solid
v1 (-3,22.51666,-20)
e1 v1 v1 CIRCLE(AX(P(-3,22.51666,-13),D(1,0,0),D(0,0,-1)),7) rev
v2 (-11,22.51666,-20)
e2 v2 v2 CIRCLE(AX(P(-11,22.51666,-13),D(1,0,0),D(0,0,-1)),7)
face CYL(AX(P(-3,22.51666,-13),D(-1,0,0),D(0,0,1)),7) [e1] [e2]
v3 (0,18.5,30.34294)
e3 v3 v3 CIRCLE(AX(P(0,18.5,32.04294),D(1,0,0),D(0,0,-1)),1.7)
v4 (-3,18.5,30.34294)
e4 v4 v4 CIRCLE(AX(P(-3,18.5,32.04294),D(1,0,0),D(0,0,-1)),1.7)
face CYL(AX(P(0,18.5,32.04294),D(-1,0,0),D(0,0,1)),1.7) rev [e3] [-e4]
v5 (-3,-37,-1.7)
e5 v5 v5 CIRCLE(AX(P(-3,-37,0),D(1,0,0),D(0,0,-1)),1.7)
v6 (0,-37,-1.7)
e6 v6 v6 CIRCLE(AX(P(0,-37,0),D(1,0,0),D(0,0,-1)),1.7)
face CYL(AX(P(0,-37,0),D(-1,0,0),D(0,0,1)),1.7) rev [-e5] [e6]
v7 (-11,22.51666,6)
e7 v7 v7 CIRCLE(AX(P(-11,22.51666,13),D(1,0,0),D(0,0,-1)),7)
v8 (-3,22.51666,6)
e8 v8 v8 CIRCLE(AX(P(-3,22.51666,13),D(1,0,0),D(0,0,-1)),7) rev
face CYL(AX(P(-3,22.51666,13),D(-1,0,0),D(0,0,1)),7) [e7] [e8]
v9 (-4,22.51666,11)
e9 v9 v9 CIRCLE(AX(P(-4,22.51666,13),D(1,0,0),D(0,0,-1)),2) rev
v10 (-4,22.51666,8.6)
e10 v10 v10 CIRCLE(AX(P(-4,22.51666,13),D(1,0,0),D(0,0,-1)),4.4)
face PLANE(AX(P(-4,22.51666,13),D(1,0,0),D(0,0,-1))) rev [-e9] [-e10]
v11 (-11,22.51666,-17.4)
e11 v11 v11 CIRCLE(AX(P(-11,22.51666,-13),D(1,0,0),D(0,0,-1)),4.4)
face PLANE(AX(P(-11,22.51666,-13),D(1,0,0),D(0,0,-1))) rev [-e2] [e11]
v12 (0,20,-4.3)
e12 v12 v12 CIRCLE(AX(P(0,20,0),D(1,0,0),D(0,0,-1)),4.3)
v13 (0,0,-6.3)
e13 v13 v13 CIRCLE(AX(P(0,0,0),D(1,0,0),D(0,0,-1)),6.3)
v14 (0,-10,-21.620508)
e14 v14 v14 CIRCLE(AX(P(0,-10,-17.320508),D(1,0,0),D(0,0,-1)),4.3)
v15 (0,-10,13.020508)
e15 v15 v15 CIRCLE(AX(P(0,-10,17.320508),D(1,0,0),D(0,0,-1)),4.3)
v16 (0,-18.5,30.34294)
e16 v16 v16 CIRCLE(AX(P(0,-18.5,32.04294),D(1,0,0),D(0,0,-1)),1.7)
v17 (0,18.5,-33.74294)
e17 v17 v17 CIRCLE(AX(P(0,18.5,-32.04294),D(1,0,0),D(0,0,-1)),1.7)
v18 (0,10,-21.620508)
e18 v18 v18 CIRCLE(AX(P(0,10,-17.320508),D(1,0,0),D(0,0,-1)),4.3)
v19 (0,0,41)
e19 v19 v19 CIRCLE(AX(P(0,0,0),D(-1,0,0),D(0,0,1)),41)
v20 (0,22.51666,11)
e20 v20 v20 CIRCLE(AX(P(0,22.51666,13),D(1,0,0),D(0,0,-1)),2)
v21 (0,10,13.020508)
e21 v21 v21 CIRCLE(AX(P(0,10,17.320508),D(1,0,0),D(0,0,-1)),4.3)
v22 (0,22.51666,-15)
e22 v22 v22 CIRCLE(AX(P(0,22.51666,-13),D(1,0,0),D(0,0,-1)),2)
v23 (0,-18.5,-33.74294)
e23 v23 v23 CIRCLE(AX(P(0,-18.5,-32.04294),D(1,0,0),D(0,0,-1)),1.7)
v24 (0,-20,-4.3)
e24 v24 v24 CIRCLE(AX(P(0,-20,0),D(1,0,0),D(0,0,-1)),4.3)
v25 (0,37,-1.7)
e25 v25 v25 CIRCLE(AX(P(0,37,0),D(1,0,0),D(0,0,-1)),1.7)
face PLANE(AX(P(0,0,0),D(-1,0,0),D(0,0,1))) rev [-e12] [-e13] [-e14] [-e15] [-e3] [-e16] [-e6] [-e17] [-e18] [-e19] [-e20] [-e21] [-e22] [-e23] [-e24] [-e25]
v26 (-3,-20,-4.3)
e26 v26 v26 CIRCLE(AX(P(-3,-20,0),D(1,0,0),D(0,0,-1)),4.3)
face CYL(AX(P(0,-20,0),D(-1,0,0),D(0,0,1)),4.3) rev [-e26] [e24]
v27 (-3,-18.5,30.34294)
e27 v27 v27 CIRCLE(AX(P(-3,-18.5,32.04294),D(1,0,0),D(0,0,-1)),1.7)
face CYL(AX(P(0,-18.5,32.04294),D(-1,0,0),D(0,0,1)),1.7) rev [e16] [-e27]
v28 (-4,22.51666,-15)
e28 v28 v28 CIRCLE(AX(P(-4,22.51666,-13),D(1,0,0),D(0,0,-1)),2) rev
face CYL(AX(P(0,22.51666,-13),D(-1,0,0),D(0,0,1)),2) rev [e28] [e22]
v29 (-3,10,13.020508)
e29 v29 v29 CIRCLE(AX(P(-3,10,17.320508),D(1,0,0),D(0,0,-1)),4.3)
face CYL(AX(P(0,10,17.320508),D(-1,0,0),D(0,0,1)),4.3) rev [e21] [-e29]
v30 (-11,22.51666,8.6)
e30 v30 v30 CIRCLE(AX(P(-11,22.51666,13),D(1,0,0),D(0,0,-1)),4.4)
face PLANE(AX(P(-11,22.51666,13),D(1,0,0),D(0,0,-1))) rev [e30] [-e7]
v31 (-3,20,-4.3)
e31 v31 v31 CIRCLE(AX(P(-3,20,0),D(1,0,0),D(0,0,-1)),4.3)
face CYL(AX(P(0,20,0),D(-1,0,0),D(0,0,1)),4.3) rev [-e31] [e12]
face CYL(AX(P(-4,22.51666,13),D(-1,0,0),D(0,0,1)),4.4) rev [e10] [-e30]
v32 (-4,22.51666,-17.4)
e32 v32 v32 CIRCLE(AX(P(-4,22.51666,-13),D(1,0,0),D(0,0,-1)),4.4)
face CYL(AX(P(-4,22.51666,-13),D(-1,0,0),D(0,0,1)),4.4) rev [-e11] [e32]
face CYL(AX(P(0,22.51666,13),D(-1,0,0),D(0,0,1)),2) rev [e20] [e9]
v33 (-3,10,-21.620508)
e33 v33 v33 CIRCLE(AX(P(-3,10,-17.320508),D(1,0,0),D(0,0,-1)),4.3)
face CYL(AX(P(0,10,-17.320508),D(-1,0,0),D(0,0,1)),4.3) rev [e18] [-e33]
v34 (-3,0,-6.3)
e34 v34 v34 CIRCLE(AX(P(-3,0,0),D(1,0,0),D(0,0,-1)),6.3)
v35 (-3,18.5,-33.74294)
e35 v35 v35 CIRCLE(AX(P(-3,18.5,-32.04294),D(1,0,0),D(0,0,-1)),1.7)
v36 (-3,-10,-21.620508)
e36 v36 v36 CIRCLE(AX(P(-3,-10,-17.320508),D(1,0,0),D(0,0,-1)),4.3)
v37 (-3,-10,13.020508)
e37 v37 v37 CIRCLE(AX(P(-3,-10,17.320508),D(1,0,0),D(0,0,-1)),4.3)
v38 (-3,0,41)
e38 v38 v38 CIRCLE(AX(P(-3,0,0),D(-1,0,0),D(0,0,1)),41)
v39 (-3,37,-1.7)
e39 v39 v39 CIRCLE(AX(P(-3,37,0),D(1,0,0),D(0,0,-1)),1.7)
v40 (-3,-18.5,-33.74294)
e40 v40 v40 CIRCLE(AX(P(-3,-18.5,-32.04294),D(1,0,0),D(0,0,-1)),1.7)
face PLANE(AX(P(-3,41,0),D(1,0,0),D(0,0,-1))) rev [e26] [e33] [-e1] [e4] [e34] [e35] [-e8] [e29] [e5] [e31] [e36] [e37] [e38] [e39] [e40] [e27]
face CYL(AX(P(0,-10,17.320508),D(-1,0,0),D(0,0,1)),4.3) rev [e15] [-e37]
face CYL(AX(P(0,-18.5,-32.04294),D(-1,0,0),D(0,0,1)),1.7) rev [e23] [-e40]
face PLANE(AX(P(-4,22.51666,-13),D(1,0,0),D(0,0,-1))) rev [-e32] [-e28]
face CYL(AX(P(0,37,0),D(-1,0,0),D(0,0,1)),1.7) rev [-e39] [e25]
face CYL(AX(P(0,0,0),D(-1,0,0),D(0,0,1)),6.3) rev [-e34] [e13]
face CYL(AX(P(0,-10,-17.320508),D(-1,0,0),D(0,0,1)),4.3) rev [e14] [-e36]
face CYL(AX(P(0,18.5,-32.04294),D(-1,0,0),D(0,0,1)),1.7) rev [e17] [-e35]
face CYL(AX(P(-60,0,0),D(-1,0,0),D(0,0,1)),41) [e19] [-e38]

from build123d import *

# Parameters (mm, degrees)
AXIAL_BLANK_PROFILE_W                          = 3
AXIAL_BLANK_PROFILE_H                          = 41
RELOCATED_START                                = -11
RELOCATED_INTEGRAL_PORT_BOSSES_BETWE_2_R       = 7
RELOCATED_INTEGRAL_PORT_BOSSES_BETWEEN_M_DEPTH = 8
SEVEN_START                                    = -3
SEVEN_DRY_MAGNET_PASSAGES_THROUGH_CO_2_R       = 6.3
SEVEN_DRY_MAGNET_PASSAGES_THROUGH_CO_2_R_2     = 4.3
SEVEN_DRY_MAGNET_PASSAGES_THROUGH_COVER_DEPTH  = 3
SIX_START                                      = -3
SIX_COVER_CLEARANCE_HOLES_PCD74_SKETCH_R       = 1.7
SIX_COVER_CLEARANCE_HOLES_PCD74_DEPTH          = 3
G1_8_START                                     = -11
G1_8_TAPPING_PILOT_ENVELOPES_DEPTH7_SKET_R     = 4.4
G1_8_TAPPING_PILOT_ENVELOPES_DEPTH7_DEPTH      = 7
WATER_START                                    = -11
WATER_PORTS_DIAMETER4_INTO_COOLANT_P_2_R       = 2
WATER_PORTS_DIAMETER4_INTO_COOLANT_PLENU_DEPTH = 11


with BuildPart() as part:
    # Axial blank profile → Native revolved blank (revolve)
    with BuildSketch(Plane.XY, mode=Mode.PRIVATE) as native_revolved_blank_sk:
        with Locations((-1.5, 20.5)):
            Rectangle(AXIAL_BLANK_PROFILE_W, AXIAL_BLANK_PROFILE_H)
    revolve(native_revolved_blank_sk.sketch.rotate(Axis((-60, 0, 0), (1, 0, 0)), 90), axis=Axis((-60, 0, 0), (1, 0, 0)))

    # Relocated integral port bosses betwe 2 → Relocated integral port bosses between m (add)
    with BuildSketch(Plane(origin=(0, 0, 0), x_dir=(0, 0, -1), z_dir=(1, 0, 0)).offset(RELOCATED_START)):
        with Locations((-13, 22.516660498)):
            Circle(RELOCATED_INTEGRAL_PORT_BOSSES_BETWE_2_R)
        with Locations((13, 22.516660498)):
            Circle(RELOCATED_INTEGRAL_PORT_BOSSES_BETWE_2_R)
    extrude(amount=RELOCATED_INTEGRAL_PORT_BOSSES_BETWEEN_M_DEPTH)

    # Seven dry magnet passages through co 2 → Seven dry magnet passages through cover (cut)
    with BuildSketch(Plane(origin=(0, 0, 0), x_dir=(0, 0, -1), z_dir=(1, 0, 0)).offset(SEVEN_START)):
        Circle(SEVEN_DRY_MAGNET_PASSAGES_THROUGH_CO_2_R)
        with Locations((0, 20)):
            Circle(SEVEN_DRY_MAGNET_PASSAGES_THROUGH_CO_2_R_2)
        with Locations((-17.320508076, 10)):
            Circle(SEVEN_DRY_MAGNET_PASSAGES_THROUGH_CO_2_R_2)
        with Locations((-17.320508076, -10)):
            Circle(SEVEN_DRY_MAGNET_PASSAGES_THROUGH_CO_2_R_2)
        with Locations((0, -20)):
            Circle(SEVEN_DRY_MAGNET_PASSAGES_THROUGH_CO_2_R_2)
        with Locations((17.320508076, -10)):
            Circle(SEVEN_DRY_MAGNET_PASSAGES_THROUGH_CO_2_R_2)
        with Locations((17.320508076, 10)):
            Circle(SEVEN_DRY_MAGNET_PASSAGES_THROUGH_CO_2_R_2)
    extrude(amount=SEVEN_DRY_MAGNET_PASSAGES_THROUGH_COVER_DEPTH, mode=Mode.SUBTRACT)

    # Six cover clearance holes PCD74 sketch → Six cover clearance holes PCD74 (cut)
    with BuildSketch(Plane(origin=(0, 0, 0), x_dir=(0, 0, -1), z_dir=(1, 0, 0)).offset(SIX_START)):
        with Locations((0, 37)):
            Circle(SIX_COVER_CLEARANCE_HOLES_PCD74_SKETCH_R)
        with Locations((-32.04293994, 18.5)):
            Circle(SIX_COVER_CLEARANCE_HOLES_PCD74_SKETCH_R)
        with Locations((-32.04293994, -18.5)):
            Circle(SIX_COVER_CLEARANCE_HOLES_PCD74_SKETCH_R)
        with Locations((0, -37)):
            Circle(SIX_COVER_CLEARANCE_HOLES_PCD74_SKETCH_R)
        with Locations((32.04293994, -18.5)):
            Circle(SIX_COVER_CLEARANCE_HOLES_PCD74_SKETCH_R)
        with Locations((32.04293994, 18.5)):
            Circle(SIX_COVER_CLEARANCE_HOLES_PCD74_SKETCH_R)
    extrude(amount=SIX_COVER_CLEARANCE_HOLES_PCD74_DEPTH, mode=Mode.SUBTRACT)

    # G1-8 tapping pilot envelopes depth7 sketch → G1-8 tapping pilot envelopes depth7 (cut)
    with BuildSketch(Plane(origin=(0, 0, 0), x_dir=(0, 0, -1), z_dir=(1, 0, 0)).offset(G1_8_START)):
        with Locations((-13, 22.516660498)):
            Circle(G1_8_TAPPING_PILOT_ENVELOPES_DEPTH7_SKET_R)
        with Locations((13, 22.516660498)):
            Circle(G1_8_TAPPING_PILOT_ENVELOPES_DEPTH7_SKET_R)
    extrude(amount=G1_8_TAPPING_PILOT_ENVELOPES_DEPTH7_DEPTH, mode=Mode.SUBTRACT)

    # Water ports diameter4 into coolant p 2 → Water ports diameter4 into coolant plenu (cut)
    with BuildSketch(Plane(origin=(0, 0, 0), x_dir=(0, 0, -1), z_dir=(1, 0, 0)).offset(WATER_START)):
        with Locations((-13, 22.516660498)):
            Circle(WATER_PORTS_DIAMETER4_INTO_COOLANT_P_2_R)
        with Locations((13, 22.516660498)):
            Circle(WATER_PORTS_DIAMETER4_INTO_COOLANT_P_2_R)
    extrude(amount=WATER_PORTS_DIAMETER4_INTO_COOLANT_PLENU_DEPTH, mode=Mode.SUBTRACT)


solid = part.part
